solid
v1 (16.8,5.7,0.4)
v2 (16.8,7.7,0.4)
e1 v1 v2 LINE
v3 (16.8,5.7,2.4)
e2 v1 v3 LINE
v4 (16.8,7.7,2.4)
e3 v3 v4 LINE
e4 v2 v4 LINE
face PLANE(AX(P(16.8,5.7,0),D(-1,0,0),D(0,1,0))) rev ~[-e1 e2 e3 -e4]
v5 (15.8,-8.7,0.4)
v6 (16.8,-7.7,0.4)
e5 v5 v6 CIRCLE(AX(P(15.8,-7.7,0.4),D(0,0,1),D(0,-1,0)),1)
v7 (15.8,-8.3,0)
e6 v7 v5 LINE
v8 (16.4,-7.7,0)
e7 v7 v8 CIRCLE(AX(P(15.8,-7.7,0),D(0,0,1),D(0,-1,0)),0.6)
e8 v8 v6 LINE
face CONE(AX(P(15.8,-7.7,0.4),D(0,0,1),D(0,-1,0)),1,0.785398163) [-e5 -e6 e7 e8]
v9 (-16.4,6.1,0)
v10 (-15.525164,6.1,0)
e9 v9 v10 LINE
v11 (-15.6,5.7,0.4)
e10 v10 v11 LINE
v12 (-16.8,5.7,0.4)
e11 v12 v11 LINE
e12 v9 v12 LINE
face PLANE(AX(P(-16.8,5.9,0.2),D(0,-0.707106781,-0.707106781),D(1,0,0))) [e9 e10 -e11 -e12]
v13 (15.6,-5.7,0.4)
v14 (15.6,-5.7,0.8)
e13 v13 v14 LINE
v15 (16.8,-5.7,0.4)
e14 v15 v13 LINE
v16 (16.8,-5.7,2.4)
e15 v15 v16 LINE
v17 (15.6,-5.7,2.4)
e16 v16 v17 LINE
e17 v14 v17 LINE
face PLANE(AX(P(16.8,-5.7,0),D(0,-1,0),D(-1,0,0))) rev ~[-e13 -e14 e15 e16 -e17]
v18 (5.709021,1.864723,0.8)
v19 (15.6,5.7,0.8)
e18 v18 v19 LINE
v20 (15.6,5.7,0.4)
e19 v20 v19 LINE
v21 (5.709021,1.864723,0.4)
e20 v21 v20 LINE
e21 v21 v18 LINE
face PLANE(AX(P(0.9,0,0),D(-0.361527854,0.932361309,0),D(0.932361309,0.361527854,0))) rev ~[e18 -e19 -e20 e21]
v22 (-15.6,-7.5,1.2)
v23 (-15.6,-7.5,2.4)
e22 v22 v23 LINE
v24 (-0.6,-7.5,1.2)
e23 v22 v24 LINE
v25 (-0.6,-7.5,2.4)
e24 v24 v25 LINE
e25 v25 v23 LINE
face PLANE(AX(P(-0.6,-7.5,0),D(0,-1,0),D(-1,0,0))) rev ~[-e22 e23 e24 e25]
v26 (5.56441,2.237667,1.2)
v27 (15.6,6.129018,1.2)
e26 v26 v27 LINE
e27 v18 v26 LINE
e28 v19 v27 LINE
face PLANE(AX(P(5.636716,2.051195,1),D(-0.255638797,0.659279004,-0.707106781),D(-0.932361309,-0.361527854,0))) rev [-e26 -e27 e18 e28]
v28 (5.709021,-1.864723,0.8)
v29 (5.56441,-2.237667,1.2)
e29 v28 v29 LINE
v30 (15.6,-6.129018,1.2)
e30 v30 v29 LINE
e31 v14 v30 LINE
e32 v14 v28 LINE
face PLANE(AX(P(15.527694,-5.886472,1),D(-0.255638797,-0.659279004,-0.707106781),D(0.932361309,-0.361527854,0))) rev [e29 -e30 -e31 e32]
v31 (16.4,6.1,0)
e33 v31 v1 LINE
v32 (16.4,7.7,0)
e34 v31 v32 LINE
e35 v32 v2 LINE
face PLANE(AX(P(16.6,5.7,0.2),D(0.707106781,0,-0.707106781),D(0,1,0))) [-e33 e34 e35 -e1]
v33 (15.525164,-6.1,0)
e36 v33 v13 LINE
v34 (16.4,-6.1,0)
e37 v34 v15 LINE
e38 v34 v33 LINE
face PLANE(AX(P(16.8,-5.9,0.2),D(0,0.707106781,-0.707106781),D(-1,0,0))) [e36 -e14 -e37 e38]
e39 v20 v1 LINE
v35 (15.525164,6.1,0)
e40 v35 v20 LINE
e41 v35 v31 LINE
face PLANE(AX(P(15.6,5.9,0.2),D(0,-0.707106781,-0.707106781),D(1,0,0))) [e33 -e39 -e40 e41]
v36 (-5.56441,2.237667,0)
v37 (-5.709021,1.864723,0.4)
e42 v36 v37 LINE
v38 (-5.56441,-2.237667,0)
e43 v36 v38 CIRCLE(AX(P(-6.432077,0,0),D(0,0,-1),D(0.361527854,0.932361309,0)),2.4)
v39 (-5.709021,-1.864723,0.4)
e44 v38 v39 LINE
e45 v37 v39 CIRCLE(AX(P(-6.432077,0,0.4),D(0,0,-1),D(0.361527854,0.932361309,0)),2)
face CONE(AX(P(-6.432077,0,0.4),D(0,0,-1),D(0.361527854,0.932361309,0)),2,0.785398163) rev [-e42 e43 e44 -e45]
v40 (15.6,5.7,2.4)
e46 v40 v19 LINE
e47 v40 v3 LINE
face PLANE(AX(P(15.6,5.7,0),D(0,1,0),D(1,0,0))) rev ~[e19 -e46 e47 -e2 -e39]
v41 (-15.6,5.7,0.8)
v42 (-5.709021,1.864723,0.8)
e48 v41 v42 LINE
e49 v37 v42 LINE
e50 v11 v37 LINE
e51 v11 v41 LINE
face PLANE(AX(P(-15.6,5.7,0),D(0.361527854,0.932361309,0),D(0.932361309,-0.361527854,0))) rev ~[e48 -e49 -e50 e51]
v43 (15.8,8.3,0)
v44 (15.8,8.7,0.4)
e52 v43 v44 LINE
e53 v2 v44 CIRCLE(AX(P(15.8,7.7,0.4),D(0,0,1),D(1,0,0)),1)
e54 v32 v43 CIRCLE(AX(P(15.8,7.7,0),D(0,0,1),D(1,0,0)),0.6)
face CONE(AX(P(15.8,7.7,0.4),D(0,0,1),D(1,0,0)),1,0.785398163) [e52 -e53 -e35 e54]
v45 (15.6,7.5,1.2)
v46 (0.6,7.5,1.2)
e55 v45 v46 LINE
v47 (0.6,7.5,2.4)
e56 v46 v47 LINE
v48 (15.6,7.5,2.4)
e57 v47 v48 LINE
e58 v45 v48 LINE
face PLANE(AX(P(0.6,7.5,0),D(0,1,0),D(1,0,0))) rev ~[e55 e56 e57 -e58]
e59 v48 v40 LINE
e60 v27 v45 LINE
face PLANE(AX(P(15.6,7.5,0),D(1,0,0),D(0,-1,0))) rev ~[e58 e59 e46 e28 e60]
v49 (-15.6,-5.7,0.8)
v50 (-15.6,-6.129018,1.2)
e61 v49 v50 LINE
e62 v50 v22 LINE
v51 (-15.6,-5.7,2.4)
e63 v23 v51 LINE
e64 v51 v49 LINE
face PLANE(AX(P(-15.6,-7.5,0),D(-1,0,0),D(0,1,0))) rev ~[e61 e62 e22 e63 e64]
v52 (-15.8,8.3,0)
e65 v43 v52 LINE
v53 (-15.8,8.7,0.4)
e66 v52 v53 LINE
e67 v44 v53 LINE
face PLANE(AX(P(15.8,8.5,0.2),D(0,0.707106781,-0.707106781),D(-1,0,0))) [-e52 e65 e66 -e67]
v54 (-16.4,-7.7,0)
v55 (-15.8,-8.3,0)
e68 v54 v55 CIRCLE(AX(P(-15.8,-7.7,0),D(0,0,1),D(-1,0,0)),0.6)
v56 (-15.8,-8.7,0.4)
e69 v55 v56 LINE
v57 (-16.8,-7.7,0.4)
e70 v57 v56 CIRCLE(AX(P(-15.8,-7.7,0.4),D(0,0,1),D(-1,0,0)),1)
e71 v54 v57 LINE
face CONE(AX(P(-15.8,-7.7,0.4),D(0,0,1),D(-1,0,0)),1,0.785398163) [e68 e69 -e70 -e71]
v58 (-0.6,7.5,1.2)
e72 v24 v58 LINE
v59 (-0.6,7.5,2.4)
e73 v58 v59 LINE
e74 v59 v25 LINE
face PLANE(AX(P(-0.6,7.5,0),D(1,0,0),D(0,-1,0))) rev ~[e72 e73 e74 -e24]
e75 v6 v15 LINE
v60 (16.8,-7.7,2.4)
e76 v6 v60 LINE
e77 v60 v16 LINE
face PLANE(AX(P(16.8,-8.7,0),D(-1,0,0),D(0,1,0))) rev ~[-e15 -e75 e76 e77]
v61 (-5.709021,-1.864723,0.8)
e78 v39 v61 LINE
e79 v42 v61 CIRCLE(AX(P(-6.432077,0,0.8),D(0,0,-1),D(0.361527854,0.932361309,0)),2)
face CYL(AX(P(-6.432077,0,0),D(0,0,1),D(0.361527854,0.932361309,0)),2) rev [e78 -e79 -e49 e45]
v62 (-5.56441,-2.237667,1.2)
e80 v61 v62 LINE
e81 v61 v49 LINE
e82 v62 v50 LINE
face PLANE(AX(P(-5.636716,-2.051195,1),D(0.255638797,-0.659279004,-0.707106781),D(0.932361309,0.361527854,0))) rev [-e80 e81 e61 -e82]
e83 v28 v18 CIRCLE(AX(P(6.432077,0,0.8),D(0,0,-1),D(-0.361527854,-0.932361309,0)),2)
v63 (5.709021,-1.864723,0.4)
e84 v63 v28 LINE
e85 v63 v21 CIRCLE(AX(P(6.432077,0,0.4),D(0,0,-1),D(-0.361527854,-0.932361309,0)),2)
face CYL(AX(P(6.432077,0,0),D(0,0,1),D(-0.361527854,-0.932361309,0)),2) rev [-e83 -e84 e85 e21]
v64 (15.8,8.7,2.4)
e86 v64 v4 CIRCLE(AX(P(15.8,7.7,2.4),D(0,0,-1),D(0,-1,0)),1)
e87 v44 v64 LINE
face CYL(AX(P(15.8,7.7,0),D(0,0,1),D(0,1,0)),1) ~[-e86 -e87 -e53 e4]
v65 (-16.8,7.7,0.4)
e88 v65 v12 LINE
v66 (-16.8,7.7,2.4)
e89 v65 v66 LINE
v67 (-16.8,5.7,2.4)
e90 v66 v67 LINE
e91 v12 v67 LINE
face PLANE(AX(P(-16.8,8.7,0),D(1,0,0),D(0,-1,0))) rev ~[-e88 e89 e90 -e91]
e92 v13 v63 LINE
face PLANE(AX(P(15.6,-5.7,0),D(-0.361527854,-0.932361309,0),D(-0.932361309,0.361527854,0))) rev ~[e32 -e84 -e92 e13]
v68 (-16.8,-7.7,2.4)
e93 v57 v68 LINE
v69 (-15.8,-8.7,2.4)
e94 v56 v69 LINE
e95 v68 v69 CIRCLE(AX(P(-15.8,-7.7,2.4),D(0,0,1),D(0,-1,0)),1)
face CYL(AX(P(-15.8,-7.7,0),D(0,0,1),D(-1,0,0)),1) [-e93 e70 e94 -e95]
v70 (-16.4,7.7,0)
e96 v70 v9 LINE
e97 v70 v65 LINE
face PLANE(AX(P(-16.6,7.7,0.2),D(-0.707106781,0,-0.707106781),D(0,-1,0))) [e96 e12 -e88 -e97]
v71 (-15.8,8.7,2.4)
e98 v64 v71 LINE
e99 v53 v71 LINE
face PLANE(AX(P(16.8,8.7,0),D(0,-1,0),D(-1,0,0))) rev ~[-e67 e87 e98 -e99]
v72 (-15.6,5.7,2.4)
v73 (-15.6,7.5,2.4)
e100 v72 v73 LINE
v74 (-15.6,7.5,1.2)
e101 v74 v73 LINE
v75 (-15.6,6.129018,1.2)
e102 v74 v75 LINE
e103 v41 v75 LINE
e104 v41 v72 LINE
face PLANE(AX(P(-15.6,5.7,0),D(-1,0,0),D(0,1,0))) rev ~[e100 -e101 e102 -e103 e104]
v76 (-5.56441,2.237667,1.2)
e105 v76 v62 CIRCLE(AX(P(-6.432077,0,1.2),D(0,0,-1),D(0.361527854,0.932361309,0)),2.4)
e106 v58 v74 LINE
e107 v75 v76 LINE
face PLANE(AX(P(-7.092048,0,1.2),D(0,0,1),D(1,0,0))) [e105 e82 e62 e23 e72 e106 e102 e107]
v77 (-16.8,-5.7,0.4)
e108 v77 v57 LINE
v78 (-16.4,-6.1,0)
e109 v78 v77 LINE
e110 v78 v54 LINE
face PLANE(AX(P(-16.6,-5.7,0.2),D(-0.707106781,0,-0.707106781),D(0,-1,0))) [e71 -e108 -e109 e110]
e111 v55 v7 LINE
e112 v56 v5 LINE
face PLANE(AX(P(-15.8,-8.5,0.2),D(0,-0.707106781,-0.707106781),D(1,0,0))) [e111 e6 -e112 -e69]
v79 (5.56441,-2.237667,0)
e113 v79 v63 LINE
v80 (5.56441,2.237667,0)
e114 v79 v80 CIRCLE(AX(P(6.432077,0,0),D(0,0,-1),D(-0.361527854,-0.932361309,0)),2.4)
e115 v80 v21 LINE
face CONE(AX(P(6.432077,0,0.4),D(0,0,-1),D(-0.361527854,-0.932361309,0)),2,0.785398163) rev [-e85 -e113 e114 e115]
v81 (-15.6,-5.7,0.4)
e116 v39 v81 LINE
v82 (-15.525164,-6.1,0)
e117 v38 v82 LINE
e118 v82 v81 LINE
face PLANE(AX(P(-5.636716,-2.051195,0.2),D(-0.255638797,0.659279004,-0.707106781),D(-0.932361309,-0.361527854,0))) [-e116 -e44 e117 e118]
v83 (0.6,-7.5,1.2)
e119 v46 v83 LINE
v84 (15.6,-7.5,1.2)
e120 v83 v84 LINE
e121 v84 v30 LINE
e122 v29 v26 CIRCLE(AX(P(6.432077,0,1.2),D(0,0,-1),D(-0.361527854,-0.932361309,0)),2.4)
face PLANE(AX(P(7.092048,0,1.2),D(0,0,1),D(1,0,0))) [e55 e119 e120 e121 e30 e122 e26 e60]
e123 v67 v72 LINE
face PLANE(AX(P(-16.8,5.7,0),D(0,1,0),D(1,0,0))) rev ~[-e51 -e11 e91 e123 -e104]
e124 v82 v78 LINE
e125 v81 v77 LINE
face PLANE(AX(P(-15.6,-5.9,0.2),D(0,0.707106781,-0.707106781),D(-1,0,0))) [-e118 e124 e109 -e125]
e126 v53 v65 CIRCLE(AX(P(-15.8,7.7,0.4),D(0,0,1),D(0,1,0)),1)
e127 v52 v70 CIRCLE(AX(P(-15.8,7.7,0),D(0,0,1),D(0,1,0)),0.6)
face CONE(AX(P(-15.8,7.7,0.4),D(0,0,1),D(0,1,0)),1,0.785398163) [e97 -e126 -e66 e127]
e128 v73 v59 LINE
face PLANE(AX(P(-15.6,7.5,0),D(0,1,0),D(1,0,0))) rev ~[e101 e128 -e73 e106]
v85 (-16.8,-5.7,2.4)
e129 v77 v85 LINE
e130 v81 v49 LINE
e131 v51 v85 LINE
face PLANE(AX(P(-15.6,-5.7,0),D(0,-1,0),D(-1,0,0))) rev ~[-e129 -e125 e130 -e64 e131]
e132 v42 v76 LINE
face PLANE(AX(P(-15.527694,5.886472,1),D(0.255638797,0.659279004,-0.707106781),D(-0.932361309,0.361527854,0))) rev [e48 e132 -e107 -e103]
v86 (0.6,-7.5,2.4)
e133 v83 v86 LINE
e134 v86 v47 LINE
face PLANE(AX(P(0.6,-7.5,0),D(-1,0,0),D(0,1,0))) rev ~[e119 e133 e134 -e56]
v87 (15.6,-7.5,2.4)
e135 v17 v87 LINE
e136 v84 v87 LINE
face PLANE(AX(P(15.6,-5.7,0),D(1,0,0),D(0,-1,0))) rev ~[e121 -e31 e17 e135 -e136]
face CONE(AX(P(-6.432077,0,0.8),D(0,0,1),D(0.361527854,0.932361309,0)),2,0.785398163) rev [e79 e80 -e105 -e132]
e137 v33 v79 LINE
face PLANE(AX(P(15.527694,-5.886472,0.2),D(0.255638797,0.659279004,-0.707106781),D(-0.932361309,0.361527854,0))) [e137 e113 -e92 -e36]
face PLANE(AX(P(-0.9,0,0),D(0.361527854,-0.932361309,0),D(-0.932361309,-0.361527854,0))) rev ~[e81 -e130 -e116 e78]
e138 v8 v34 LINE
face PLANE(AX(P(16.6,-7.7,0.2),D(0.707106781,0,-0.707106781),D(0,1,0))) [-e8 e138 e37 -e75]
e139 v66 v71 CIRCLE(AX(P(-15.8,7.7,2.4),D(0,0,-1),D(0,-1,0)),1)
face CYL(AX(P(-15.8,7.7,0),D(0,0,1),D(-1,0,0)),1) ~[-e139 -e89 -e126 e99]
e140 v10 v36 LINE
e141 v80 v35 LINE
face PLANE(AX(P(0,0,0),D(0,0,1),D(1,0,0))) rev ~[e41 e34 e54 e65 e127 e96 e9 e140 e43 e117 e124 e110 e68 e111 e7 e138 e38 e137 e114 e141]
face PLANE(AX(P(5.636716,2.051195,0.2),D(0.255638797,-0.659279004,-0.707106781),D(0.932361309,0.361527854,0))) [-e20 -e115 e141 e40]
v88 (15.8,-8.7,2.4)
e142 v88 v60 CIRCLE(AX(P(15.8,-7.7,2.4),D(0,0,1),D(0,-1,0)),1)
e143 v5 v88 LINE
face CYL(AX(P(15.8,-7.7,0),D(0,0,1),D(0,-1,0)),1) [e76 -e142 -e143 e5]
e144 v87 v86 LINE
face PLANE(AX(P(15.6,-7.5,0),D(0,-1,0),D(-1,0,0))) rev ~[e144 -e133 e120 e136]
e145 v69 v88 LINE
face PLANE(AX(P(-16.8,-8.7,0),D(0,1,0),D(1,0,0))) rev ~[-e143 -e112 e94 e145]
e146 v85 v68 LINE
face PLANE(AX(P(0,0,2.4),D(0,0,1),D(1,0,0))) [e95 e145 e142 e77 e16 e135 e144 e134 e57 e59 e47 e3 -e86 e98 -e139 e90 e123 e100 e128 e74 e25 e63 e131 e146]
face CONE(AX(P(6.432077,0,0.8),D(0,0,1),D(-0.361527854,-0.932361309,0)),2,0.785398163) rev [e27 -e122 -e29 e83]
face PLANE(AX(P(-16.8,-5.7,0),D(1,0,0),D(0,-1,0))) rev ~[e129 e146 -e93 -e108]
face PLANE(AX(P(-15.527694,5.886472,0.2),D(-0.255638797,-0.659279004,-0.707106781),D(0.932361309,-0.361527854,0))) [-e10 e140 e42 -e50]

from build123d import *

# Parameters (mm, degrees)
F2_DEPTH = 1.2
F3_DEPTH = 2.4
F4_R     = 2
F5_R     = 1
F6_SIZE  = 0.4


with BuildPart() as f2:
    # F1 (on Top) → F2 (new body)
    with BuildSketch(Plane.XY):
        Polygon((-15.6, 7.5), (-15.6, 5.7), (-0.9, 0), (-15.6, -5.7), (-15.6, -7.5), (-0.6, -7.5), (-0.6, 0), (-0.6, 7.5), align=None)
    extrude(amount=F2_DEPTH)



with BuildPart() as f2b:
    # F1 (on Top) → F2, piece 2 (new body)
    with BuildSketch(Plane.XY):
        Polygon((0.9, 0), (15.6, 5.7), (15.6, 7.5), (0.6, 7.5), (0.6, 0), (0.6, -7.5), (15.6, -7.5), (15.6, -5.7), align=None)
    extrude(amount=F2_DEPTH)


with BuildPart() as f2_1:
    add(f2.part)

    add(f2b.part)  # F3 merges F2b
    # F1 (on Top) → F3 (join)
    with BuildSketch(Plane.XY):
        Polygon((0, 8.7), (-16.8, 8.7), (-16.8, 5.7), (-15.6, 5.7), (-15.6, 7.5), (-0.6, 7.5), (-0.6, 0), (-0.6, -7.5), (-15.6, -7.5), (-15.6, -5.7), (-16.8, -5.7), (-16.8, -8.7), (0, -8.7), (16.8, -8.7), (16.8, -5.7), (15.6, -5.7), (15.6, -7.5), (0.6, -7.5), (0.6, 0), (0.6, 7.5), (15.6, 7.5), (15.6, 5.7), (16.8, 5.7), (16.8, 8.7), align=None)
    extrude(amount=F3_DEPTH)

    # F4
    f4_edges = [f2_1.edges().sort_by_distance(p)[0] for p in [
        (-0.9, 0, 0.6),
        (0.9, 0, 0.6),
    ]]
    fillet(f4_edges, radius=F4_R)

    # F5
    f5_edges = [f2_1.edges().sort_by_distance(p)[0] for p in [
        (16.8, -8.7, 1.2),
        (16.8, 8.7, 1.2),
        (-16.8, -8.7, 1.2),
        (-16.8, 8.7, 1.2),
    ]]
    fillet(f5_edges, radius=F5_R)

    # F6
    f6_edges = [f2_1.edges().sort_by_distance(p)[0] for p in [
        (16.8, 6.7, 0),
        (16.507107, 8.407107, 0),
        (16.2, 5.7, 0),
        (0, 8.7, 0),
        (10.654511, 3.782361, 0),
        (-16.507107, 8.407107, 0),
        (4.432077, 0, 0),
        (-16.8, 6.7, 0),
        (10.654511, -3.782361, 0),
        (-16.2, 5.7, 0),
        (16.2, -5.7, 0),
        (-10.654511, 3.782361, 0),
        (16.8, -6.7, 0),
        (-4.432077, 0, 0),
        (16.507107, -8.407107, 0),
        (-10.654511, -3.782361, 0),
        (0, -8.7, 0),
        (-16.2, -5.7, 0),
        (-16.507107, -8.407107, 0),
        (-16.8, -6.7, 0),
        (-10.654511, -3.782361, 1.2),
        (4.432077, 0, 1.2),
    ]]
    chamfer(f6_edges, length=F6_SIZE)


solid = f2_1.part
